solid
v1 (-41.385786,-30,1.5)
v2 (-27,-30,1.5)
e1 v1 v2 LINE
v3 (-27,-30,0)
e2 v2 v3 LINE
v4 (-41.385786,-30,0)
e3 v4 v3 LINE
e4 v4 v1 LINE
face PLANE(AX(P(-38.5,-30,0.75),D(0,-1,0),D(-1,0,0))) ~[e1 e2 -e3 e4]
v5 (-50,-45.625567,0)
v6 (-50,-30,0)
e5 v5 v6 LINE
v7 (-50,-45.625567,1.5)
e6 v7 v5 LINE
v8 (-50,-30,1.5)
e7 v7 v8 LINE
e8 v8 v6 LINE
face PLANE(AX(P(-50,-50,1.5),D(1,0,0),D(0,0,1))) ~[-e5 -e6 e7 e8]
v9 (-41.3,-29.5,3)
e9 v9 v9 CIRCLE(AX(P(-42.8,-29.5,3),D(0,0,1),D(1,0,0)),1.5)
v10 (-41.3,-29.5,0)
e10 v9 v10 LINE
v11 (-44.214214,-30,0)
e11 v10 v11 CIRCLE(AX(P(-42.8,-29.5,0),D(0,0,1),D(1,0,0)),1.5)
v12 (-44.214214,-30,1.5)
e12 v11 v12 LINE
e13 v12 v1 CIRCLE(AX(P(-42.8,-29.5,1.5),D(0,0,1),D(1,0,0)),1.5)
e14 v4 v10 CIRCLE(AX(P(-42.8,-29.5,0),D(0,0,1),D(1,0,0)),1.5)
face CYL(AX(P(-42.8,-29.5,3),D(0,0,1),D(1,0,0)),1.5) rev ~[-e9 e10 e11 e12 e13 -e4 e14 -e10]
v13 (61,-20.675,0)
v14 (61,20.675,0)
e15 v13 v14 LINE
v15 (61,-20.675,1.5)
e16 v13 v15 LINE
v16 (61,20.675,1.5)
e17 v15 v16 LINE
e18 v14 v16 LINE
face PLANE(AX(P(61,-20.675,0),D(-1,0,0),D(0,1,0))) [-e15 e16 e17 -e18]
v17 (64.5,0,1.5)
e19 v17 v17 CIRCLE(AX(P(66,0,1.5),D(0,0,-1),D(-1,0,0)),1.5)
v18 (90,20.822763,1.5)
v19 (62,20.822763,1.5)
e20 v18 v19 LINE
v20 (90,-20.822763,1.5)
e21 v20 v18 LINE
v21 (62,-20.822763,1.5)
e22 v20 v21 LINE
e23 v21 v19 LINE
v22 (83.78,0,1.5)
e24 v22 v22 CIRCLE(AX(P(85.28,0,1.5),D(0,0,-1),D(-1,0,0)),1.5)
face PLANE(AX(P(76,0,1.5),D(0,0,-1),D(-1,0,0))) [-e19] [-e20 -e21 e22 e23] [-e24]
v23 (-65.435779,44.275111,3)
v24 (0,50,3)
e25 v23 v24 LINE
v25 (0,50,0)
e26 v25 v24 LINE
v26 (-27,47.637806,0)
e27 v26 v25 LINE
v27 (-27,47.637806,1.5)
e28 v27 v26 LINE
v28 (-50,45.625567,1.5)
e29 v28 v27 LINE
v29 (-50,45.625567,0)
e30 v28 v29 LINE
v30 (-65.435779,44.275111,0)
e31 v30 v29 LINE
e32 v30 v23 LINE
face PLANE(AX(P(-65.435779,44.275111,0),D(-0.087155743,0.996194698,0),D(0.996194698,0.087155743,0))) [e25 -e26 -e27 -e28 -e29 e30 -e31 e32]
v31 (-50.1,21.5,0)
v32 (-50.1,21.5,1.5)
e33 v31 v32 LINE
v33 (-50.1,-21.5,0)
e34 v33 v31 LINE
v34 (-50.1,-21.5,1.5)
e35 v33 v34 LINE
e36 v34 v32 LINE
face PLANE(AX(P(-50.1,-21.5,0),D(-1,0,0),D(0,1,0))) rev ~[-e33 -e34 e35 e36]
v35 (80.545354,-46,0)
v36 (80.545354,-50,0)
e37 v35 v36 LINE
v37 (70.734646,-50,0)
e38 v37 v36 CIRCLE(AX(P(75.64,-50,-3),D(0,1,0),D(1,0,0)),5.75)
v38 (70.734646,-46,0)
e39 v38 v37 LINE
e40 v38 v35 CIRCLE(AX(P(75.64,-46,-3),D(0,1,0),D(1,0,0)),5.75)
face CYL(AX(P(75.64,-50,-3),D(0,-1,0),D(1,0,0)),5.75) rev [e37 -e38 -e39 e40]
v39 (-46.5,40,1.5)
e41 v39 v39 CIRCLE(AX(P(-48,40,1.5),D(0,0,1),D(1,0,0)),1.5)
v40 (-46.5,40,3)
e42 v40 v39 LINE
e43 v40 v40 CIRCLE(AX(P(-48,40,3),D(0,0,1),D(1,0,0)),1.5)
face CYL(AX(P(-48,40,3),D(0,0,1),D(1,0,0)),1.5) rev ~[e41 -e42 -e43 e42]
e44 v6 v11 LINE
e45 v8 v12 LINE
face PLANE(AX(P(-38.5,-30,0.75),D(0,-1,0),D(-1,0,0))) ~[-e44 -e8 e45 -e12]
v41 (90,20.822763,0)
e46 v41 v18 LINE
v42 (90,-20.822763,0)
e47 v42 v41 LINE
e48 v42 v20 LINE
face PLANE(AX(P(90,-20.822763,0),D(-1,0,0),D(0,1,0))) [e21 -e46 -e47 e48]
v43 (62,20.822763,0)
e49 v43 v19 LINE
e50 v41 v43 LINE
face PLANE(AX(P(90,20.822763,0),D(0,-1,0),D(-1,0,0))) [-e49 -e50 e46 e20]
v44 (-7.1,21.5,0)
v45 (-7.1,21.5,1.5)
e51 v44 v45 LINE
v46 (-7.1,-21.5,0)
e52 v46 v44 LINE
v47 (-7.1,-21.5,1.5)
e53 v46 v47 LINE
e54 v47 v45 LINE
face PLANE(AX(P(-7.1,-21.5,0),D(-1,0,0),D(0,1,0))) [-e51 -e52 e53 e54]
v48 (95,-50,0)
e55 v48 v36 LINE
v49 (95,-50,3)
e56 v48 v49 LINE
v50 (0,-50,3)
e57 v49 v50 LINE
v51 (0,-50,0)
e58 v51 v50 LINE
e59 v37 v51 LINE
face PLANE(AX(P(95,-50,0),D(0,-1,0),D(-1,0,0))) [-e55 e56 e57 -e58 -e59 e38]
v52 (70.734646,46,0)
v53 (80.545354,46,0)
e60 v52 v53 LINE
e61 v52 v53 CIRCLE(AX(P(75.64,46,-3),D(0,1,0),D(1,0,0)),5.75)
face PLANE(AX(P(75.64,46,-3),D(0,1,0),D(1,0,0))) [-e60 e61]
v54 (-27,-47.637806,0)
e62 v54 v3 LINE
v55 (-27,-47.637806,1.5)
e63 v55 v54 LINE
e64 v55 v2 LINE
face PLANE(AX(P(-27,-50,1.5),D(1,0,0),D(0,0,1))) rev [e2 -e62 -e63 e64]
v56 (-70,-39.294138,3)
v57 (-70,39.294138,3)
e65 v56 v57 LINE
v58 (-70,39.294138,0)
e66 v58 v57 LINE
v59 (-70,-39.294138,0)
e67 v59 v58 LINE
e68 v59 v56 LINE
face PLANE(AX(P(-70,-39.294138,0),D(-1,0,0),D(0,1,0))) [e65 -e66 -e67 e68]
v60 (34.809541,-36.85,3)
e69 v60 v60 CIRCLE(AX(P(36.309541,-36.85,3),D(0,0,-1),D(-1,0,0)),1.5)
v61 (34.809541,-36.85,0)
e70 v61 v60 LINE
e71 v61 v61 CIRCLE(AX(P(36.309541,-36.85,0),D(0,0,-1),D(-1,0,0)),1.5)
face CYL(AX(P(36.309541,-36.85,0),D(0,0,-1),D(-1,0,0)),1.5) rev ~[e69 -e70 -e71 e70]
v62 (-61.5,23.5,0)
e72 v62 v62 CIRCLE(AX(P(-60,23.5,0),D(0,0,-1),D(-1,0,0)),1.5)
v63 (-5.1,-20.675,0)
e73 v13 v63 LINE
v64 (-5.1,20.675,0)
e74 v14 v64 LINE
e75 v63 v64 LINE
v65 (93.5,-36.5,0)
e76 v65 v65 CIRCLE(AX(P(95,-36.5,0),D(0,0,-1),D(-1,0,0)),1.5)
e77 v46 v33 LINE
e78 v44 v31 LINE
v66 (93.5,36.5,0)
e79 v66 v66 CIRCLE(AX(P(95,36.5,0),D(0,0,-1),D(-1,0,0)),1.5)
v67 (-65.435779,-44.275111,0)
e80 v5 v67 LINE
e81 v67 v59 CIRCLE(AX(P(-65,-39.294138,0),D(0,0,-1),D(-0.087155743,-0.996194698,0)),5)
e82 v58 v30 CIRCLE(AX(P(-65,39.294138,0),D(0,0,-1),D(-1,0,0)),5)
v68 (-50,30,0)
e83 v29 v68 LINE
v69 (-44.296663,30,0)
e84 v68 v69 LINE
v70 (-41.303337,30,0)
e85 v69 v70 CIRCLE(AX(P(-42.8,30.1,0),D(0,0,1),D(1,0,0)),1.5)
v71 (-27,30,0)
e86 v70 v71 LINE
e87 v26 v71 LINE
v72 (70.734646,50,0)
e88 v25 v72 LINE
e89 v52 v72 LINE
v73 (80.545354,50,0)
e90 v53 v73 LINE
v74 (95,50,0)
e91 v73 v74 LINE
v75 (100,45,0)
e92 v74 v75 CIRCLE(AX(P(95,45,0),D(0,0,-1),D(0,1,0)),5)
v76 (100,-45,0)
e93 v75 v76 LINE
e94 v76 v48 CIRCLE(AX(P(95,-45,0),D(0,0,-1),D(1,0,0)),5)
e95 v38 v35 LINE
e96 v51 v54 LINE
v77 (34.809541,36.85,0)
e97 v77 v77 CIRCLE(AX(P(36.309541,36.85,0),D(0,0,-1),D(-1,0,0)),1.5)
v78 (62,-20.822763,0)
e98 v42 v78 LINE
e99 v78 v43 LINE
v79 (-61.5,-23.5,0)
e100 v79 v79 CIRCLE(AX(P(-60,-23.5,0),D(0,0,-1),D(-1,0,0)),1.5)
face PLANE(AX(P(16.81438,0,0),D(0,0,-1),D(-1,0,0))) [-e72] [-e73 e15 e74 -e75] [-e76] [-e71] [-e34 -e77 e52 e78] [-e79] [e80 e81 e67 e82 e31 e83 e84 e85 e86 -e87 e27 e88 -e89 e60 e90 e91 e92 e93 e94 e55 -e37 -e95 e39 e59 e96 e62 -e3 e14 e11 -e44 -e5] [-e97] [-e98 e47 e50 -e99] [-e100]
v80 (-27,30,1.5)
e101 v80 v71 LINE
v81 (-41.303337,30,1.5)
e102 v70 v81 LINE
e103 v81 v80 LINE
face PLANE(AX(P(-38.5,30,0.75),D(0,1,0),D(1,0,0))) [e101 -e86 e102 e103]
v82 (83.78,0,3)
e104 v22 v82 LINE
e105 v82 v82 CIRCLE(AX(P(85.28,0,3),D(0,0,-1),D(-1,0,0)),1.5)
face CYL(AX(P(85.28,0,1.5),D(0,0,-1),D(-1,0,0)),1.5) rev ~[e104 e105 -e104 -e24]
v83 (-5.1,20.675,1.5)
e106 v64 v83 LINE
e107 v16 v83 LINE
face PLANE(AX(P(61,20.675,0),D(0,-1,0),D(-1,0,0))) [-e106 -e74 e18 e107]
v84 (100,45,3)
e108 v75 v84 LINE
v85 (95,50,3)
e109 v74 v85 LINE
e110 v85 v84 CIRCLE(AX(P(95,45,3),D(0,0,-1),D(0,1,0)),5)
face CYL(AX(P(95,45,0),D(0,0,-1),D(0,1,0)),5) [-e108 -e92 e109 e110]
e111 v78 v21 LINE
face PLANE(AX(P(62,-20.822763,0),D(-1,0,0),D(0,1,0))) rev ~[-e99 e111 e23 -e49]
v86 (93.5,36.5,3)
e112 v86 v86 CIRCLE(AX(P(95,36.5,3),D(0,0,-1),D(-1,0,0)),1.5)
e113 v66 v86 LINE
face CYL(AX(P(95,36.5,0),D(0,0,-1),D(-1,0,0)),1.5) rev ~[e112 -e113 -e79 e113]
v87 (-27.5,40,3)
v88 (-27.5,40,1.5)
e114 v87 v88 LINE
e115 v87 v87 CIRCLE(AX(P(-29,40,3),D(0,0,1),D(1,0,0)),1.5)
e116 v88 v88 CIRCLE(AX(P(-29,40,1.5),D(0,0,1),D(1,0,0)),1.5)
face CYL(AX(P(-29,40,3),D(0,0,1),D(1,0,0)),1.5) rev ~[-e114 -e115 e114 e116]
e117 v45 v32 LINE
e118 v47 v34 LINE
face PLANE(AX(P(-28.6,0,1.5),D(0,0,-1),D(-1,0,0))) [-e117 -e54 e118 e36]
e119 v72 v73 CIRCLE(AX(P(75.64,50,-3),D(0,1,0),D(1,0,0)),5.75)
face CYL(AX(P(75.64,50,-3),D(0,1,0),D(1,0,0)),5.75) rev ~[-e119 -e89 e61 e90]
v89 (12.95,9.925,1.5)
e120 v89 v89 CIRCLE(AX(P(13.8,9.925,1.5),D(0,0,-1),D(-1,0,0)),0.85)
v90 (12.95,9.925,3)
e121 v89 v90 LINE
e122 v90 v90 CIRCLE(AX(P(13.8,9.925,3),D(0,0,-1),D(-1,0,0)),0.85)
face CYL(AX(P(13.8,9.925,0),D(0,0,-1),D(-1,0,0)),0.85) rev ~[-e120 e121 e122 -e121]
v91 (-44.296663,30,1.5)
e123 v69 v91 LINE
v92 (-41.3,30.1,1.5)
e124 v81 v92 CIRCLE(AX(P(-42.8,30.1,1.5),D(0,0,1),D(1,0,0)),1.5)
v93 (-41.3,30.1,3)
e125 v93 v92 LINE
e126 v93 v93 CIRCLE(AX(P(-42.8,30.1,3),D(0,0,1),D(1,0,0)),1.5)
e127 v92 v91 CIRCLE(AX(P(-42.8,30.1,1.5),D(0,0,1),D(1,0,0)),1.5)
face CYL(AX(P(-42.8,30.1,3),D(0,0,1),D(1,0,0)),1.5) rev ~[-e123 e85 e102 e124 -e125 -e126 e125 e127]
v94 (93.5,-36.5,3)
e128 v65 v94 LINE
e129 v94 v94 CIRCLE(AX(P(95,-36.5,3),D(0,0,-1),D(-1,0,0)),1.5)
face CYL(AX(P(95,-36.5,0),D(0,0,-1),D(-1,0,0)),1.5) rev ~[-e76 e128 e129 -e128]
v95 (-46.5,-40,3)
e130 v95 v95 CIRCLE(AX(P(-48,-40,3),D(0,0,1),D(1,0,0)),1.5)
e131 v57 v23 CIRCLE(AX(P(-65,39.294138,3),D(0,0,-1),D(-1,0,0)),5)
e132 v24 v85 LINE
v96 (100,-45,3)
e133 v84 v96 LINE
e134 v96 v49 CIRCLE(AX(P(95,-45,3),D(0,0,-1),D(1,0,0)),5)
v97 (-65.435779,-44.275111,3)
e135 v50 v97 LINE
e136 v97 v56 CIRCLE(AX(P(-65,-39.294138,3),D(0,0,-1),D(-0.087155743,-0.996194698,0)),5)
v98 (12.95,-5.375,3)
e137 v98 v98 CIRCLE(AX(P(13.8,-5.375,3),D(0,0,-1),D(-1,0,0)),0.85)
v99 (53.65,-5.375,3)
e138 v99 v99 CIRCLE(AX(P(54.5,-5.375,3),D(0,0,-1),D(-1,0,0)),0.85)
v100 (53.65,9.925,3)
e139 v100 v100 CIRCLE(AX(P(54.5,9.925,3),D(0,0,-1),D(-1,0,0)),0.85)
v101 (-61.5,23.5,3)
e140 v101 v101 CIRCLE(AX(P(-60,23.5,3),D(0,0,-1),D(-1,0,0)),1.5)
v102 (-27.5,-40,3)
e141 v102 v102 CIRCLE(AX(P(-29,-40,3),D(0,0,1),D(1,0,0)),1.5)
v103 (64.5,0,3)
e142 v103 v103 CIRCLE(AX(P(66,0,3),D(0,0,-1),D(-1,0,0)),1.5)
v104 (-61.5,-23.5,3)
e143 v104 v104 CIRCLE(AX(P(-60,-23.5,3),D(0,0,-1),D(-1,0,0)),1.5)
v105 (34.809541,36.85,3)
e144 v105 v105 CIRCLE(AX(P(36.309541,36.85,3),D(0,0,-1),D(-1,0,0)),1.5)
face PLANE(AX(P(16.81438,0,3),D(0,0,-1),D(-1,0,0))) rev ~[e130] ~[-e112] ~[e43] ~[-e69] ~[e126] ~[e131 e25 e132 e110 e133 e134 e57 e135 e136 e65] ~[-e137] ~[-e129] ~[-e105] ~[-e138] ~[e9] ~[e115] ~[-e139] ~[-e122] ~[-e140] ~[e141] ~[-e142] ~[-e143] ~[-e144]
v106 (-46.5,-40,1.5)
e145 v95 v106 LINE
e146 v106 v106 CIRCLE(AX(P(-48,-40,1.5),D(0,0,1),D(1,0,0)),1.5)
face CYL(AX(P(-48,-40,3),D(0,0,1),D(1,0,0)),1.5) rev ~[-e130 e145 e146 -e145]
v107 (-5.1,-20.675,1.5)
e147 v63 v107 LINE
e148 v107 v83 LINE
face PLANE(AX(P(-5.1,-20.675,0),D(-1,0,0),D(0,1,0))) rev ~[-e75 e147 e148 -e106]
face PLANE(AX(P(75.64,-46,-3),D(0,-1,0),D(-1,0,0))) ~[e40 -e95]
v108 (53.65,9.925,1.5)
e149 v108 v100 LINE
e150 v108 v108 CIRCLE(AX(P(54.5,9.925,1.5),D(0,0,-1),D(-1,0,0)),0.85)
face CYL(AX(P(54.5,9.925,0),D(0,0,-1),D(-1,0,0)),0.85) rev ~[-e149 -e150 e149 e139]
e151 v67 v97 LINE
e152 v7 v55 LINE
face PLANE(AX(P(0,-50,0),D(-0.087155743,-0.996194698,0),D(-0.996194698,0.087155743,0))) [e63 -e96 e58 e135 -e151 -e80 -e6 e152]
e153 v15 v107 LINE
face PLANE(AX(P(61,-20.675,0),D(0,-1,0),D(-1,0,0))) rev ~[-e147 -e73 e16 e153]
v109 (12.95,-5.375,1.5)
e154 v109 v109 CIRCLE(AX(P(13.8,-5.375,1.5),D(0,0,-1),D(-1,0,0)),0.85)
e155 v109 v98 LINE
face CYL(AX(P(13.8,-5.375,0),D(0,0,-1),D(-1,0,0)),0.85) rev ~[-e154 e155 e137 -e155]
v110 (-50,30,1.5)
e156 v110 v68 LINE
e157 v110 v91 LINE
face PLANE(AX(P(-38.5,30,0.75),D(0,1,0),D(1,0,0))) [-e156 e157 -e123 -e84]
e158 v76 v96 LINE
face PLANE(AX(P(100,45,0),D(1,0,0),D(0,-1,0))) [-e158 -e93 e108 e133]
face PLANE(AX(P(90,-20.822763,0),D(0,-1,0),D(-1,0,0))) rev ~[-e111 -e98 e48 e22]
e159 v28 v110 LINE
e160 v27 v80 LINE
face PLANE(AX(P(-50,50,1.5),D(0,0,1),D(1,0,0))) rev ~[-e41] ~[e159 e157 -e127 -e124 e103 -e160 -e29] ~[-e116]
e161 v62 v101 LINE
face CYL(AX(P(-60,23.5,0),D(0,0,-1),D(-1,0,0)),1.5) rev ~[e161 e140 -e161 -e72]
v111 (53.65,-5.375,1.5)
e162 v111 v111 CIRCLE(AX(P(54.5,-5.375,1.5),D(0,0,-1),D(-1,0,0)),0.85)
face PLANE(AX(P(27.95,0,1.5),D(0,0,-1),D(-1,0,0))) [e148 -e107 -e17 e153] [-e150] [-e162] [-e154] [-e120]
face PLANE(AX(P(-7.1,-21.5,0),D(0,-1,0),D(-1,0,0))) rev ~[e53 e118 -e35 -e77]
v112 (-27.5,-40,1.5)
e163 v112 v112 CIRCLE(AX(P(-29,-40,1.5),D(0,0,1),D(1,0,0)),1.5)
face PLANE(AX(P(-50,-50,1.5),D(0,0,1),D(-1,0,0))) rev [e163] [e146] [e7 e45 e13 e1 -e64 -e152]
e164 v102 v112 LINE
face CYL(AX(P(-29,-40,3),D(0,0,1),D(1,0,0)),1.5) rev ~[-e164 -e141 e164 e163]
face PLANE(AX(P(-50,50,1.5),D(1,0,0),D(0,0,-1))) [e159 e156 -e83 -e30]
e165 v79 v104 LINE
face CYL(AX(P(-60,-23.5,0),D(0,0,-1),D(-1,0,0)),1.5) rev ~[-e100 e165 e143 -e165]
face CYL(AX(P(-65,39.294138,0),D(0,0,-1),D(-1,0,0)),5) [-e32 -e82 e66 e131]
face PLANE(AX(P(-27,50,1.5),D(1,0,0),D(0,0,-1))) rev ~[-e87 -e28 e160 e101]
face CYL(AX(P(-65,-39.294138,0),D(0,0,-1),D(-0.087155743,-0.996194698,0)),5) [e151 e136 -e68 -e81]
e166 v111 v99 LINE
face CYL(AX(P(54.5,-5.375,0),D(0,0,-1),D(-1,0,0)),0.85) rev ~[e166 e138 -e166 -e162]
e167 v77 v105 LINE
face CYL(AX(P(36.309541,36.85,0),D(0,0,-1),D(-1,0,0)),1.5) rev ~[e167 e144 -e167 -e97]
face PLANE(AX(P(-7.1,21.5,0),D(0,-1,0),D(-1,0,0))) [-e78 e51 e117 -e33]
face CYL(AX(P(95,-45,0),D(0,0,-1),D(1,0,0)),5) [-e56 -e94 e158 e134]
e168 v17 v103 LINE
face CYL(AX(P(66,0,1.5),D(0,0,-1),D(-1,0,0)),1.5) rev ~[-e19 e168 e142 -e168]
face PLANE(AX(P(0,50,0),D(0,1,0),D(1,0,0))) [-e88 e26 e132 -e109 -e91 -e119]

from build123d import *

# Parameters (mm, degrees)
BOSS_EXTRUDE1_DEPTH = 3
SKETCH2_R           = 1.5
CUT_EXTRUDE1_DEPTH  = 10
SKETCH6_W           = 23
SKETCH6_H           = 1.5
CUT_EXTRUDE2_DEPTH  = 20
SKETCH7_W           = 66.1
SKETCH7_H           = 41.35
CUT_EXTRUDE3_DEPTH  = 1.5
SKETCH9_R           = 0.85
CUT_EXTRUDE4_DEPTH  = 6.5
SKETCH10_W          = 43
SKETCH10_H          = 43
CUT_EXTRUDE5_DEPTH  = 1.5
SKETCH17_R          = 1.5
CUT_EXTRUDE11_DEPTH = 30.5
SKETCH18_R          = 1.5
CUT_EXTRUDE12_DEPTH = 30.5
SKETCH19_W          = 28
SKETCH19_H          = 41.645525892
CUT_EXTRUDE13_DEPTH = 1.5
SKETCH20_R          = 1.5
CUT_EXTRUDE14_DEPTH = 1.5
SKETCH21_R          = 1.5
CUT_EXTRUDE15_DEPTH = 10
SKETCH23_R          = 5.75
CUT_EXTRUDE16_DEPTH = 4


with BuildPart() as part:
    # Sketch1 → Boss-Extrude1 (new body)
    with BuildSketch(Plane.XY):
        with BuildLine():
            Line((-65.435778714, 44.275111174), (0, 50))
            Line((0, 50), (95, 50))
            ThreePointArc((95, 50), (98.535533906, 48.535533906), (100, 45))
            Line((100, 45), (100, -45))
            ThreePointArc((100, -45), (98.535533906, -48.535533906), (95, -50))
            Line((95, -50), (0, -50))
            Line((0, -50), (-65.435778714, -44.275111174))
            ThreePointArc((-65.435778714, -44.275111174), (-68.686386684, -42.672088721), (-70, -39.294137683))
            Line((-70, -39.294137683), (-70, 39.294137683))
            ThreePointArc((-70, 39.294137683), (-68.686386684, 42.672088721), (-65.435778714, 44.275111174))
        make_face()
    extrude(amount=BOSS_EXTRUDE1_DEPTH)

    # Sketch2 → Cut-Extrude1 (cut)
    with BuildSketch(Plane.XY.offset(3)):
        with Locations((-48, -40)):
            Circle(SKETCH2_R)
        with Locations((-29, -40)):
            Circle(SKETCH2_R)
        with Locations((-48, 40)):
            Circle(SKETCH2_R)
        with Locations((-29, 40)):
            Circle(SKETCH2_R)
    extrude(amount=-CUT_EXTRUDE1_DEPTH, mode=Mode.SUBTRACT)

    # Sketch6 → Cut-Extrude2 (cut)
    with BuildSketch(Plane(origin=(0, 50, 0), x_dir=(1, 0, 0), z_dir=(0, 1, 0))):
        with Locations((-38.5, -0.75)):
            Rectangle(SKETCH6_W, SKETCH6_H)
    cut_extrude2 = extrude(amount=-CUT_EXTRUDE2_DEPTH, mode=Mode.SUBTRACT)

    # Sketch7 → Cut-Extrude3 (cut)
    with BuildSketch(Plane(origin=(0, 0, 0), x_dir=(-1, 0, 0), z_dir=(0, 0, -1))):
        with Locations((-27.95, 0)):
            Rectangle(SKETCH7_W, SKETCH7_H)
    extrude(amount=-CUT_EXTRUDE3_DEPTH, mode=Mode.SUBTRACT)

    # Sketch9 → Cut-Extrude4 (cut)
    with BuildSketch(Plane(origin=(0, 0, 0), x_dir=(-1, 0, 0), z_dir=(0, 0, -1))):
        with Locations((-54.5, 9.925)):
            Circle(SKETCH9_R)
        with Locations((-54.5, -5.375)):
            Circle(SKETCH9_R)
        with Locations((-13.8, 9.925)):
            Circle(SKETCH9_R)
        with Locations((-13.8, -5.375)):
            Circle(SKETCH9_R)
    extrude(amount=-CUT_EXTRUDE4_DEPTH, mode=Mode.SUBTRACT)

    # Sketch10 → Cut-Extrude5 (cut)
    with BuildSketch(Plane(origin=(0, 0, 0), x_dir=(-1, 0, 0), z_dir=(0, 0, -1))):
        with Locations((28.6, 0)):
            Rectangle(SKETCH10_W, SKETCH10_H)
    extrude(amount=-CUT_EXTRUDE5_DEPTH, mode=Mode.SUBTRACT)

    # Mirror1: Cut-Extrude2 across plane
    add(cut_extrude2.mirror(Plane.ZX), mode=Mode.SUBTRACT)

    # Sketch17 → Cut-Extrude11 (cut)
    with BuildSketch(Plane(origin=(0, 0, 0), x_dir=(-1, 0, 0), z_dir=(0, 0, -1))):
        with Locations((-36.309541126, -36.85)):
            Circle(SKETCH17_R)
        with Locations((-36.309541126, 36.85)):
            Circle(SKETCH17_R)
    extrude(amount=-CUT_EXTRUDE11_DEPTH, mode=Mode.SUBTRACT)

    # Sketch18 → Cut-Extrude12 (cut)
    with BuildSketch(Plane(origin=(0, 0, 0), x_dir=(-1, 0, 0), z_dir=(0, 0, -1))):
        with Locations((-95, -36.5)):
            Circle(SKETCH18_R)
        with Locations((-95, 36.5)):
            Circle(SKETCH18_R)
        with Locations((60, -23.5)):
            Circle(SKETCH18_R)
        with Locations((60, 23.5)):
            Circle(SKETCH18_R)
    extrude(amount=-CUT_EXTRUDE12_DEPTH, mode=Mode.SUBTRACT)

    # Sketch19 → Cut-Extrude13 (cut)
    with BuildSketch(Plane(origin=(0, 0, 0), x_dir=(-1, 0, 0), z_dir=(0, 0, -1))):
        with Locations((-76, 0)):
            Rectangle(SKETCH19_W, SKETCH19_H)
    extrude(amount=-CUT_EXTRUDE13_DEPTH, mode=Mode.SUBTRACT)

    # Sketch20 → Cut-Extrude14 (cut)
    with BuildSketch(Plane(origin=(0, 0, 1.5), x_dir=(-1, 0, 0), z_dir=(0, 0, -1))):
        with Locations((-66, 0)):
            Circle(SKETCH20_R)
        with Locations((-85.28, 0)):
            Circle(SKETCH20_R)
    extrude(amount=-CUT_EXTRUDE14_DEPTH, mode=Mode.SUBTRACT)

    # Sketch21 → Cut-Extrude15 (cut)
    with BuildSketch(Plane.XY.offset(3)):
        with Locations((-42.8, 30.1)):
            Circle(SKETCH21_R)
        with Locations((-42.8, -29.5)):
            Circle(SKETCH21_R)
    extrude(amount=-CUT_EXTRUDE15_DEPTH, mode=Mode.SUBTRACT)

    # Sketch23 → Cut-Extrude16 (cut)
    with BuildSketch(Plane(origin=(0, 50, 0), x_dir=(1, 0, 0), z_dir=(0, 1, 0))):
        with Locations((75.64, 3)):
            Circle(SKETCH23_R)
    cut_extrude16 = extrude(amount=-CUT_EXTRUDE16_DEPTH, mode=Mode.SUBTRACT)

    # Mirror2: Cut-Extrude16 across plane
    add(cut_extrude16.mirror(Plane.ZX), mode=Mode.SUBTRACT)


solid = part.part
